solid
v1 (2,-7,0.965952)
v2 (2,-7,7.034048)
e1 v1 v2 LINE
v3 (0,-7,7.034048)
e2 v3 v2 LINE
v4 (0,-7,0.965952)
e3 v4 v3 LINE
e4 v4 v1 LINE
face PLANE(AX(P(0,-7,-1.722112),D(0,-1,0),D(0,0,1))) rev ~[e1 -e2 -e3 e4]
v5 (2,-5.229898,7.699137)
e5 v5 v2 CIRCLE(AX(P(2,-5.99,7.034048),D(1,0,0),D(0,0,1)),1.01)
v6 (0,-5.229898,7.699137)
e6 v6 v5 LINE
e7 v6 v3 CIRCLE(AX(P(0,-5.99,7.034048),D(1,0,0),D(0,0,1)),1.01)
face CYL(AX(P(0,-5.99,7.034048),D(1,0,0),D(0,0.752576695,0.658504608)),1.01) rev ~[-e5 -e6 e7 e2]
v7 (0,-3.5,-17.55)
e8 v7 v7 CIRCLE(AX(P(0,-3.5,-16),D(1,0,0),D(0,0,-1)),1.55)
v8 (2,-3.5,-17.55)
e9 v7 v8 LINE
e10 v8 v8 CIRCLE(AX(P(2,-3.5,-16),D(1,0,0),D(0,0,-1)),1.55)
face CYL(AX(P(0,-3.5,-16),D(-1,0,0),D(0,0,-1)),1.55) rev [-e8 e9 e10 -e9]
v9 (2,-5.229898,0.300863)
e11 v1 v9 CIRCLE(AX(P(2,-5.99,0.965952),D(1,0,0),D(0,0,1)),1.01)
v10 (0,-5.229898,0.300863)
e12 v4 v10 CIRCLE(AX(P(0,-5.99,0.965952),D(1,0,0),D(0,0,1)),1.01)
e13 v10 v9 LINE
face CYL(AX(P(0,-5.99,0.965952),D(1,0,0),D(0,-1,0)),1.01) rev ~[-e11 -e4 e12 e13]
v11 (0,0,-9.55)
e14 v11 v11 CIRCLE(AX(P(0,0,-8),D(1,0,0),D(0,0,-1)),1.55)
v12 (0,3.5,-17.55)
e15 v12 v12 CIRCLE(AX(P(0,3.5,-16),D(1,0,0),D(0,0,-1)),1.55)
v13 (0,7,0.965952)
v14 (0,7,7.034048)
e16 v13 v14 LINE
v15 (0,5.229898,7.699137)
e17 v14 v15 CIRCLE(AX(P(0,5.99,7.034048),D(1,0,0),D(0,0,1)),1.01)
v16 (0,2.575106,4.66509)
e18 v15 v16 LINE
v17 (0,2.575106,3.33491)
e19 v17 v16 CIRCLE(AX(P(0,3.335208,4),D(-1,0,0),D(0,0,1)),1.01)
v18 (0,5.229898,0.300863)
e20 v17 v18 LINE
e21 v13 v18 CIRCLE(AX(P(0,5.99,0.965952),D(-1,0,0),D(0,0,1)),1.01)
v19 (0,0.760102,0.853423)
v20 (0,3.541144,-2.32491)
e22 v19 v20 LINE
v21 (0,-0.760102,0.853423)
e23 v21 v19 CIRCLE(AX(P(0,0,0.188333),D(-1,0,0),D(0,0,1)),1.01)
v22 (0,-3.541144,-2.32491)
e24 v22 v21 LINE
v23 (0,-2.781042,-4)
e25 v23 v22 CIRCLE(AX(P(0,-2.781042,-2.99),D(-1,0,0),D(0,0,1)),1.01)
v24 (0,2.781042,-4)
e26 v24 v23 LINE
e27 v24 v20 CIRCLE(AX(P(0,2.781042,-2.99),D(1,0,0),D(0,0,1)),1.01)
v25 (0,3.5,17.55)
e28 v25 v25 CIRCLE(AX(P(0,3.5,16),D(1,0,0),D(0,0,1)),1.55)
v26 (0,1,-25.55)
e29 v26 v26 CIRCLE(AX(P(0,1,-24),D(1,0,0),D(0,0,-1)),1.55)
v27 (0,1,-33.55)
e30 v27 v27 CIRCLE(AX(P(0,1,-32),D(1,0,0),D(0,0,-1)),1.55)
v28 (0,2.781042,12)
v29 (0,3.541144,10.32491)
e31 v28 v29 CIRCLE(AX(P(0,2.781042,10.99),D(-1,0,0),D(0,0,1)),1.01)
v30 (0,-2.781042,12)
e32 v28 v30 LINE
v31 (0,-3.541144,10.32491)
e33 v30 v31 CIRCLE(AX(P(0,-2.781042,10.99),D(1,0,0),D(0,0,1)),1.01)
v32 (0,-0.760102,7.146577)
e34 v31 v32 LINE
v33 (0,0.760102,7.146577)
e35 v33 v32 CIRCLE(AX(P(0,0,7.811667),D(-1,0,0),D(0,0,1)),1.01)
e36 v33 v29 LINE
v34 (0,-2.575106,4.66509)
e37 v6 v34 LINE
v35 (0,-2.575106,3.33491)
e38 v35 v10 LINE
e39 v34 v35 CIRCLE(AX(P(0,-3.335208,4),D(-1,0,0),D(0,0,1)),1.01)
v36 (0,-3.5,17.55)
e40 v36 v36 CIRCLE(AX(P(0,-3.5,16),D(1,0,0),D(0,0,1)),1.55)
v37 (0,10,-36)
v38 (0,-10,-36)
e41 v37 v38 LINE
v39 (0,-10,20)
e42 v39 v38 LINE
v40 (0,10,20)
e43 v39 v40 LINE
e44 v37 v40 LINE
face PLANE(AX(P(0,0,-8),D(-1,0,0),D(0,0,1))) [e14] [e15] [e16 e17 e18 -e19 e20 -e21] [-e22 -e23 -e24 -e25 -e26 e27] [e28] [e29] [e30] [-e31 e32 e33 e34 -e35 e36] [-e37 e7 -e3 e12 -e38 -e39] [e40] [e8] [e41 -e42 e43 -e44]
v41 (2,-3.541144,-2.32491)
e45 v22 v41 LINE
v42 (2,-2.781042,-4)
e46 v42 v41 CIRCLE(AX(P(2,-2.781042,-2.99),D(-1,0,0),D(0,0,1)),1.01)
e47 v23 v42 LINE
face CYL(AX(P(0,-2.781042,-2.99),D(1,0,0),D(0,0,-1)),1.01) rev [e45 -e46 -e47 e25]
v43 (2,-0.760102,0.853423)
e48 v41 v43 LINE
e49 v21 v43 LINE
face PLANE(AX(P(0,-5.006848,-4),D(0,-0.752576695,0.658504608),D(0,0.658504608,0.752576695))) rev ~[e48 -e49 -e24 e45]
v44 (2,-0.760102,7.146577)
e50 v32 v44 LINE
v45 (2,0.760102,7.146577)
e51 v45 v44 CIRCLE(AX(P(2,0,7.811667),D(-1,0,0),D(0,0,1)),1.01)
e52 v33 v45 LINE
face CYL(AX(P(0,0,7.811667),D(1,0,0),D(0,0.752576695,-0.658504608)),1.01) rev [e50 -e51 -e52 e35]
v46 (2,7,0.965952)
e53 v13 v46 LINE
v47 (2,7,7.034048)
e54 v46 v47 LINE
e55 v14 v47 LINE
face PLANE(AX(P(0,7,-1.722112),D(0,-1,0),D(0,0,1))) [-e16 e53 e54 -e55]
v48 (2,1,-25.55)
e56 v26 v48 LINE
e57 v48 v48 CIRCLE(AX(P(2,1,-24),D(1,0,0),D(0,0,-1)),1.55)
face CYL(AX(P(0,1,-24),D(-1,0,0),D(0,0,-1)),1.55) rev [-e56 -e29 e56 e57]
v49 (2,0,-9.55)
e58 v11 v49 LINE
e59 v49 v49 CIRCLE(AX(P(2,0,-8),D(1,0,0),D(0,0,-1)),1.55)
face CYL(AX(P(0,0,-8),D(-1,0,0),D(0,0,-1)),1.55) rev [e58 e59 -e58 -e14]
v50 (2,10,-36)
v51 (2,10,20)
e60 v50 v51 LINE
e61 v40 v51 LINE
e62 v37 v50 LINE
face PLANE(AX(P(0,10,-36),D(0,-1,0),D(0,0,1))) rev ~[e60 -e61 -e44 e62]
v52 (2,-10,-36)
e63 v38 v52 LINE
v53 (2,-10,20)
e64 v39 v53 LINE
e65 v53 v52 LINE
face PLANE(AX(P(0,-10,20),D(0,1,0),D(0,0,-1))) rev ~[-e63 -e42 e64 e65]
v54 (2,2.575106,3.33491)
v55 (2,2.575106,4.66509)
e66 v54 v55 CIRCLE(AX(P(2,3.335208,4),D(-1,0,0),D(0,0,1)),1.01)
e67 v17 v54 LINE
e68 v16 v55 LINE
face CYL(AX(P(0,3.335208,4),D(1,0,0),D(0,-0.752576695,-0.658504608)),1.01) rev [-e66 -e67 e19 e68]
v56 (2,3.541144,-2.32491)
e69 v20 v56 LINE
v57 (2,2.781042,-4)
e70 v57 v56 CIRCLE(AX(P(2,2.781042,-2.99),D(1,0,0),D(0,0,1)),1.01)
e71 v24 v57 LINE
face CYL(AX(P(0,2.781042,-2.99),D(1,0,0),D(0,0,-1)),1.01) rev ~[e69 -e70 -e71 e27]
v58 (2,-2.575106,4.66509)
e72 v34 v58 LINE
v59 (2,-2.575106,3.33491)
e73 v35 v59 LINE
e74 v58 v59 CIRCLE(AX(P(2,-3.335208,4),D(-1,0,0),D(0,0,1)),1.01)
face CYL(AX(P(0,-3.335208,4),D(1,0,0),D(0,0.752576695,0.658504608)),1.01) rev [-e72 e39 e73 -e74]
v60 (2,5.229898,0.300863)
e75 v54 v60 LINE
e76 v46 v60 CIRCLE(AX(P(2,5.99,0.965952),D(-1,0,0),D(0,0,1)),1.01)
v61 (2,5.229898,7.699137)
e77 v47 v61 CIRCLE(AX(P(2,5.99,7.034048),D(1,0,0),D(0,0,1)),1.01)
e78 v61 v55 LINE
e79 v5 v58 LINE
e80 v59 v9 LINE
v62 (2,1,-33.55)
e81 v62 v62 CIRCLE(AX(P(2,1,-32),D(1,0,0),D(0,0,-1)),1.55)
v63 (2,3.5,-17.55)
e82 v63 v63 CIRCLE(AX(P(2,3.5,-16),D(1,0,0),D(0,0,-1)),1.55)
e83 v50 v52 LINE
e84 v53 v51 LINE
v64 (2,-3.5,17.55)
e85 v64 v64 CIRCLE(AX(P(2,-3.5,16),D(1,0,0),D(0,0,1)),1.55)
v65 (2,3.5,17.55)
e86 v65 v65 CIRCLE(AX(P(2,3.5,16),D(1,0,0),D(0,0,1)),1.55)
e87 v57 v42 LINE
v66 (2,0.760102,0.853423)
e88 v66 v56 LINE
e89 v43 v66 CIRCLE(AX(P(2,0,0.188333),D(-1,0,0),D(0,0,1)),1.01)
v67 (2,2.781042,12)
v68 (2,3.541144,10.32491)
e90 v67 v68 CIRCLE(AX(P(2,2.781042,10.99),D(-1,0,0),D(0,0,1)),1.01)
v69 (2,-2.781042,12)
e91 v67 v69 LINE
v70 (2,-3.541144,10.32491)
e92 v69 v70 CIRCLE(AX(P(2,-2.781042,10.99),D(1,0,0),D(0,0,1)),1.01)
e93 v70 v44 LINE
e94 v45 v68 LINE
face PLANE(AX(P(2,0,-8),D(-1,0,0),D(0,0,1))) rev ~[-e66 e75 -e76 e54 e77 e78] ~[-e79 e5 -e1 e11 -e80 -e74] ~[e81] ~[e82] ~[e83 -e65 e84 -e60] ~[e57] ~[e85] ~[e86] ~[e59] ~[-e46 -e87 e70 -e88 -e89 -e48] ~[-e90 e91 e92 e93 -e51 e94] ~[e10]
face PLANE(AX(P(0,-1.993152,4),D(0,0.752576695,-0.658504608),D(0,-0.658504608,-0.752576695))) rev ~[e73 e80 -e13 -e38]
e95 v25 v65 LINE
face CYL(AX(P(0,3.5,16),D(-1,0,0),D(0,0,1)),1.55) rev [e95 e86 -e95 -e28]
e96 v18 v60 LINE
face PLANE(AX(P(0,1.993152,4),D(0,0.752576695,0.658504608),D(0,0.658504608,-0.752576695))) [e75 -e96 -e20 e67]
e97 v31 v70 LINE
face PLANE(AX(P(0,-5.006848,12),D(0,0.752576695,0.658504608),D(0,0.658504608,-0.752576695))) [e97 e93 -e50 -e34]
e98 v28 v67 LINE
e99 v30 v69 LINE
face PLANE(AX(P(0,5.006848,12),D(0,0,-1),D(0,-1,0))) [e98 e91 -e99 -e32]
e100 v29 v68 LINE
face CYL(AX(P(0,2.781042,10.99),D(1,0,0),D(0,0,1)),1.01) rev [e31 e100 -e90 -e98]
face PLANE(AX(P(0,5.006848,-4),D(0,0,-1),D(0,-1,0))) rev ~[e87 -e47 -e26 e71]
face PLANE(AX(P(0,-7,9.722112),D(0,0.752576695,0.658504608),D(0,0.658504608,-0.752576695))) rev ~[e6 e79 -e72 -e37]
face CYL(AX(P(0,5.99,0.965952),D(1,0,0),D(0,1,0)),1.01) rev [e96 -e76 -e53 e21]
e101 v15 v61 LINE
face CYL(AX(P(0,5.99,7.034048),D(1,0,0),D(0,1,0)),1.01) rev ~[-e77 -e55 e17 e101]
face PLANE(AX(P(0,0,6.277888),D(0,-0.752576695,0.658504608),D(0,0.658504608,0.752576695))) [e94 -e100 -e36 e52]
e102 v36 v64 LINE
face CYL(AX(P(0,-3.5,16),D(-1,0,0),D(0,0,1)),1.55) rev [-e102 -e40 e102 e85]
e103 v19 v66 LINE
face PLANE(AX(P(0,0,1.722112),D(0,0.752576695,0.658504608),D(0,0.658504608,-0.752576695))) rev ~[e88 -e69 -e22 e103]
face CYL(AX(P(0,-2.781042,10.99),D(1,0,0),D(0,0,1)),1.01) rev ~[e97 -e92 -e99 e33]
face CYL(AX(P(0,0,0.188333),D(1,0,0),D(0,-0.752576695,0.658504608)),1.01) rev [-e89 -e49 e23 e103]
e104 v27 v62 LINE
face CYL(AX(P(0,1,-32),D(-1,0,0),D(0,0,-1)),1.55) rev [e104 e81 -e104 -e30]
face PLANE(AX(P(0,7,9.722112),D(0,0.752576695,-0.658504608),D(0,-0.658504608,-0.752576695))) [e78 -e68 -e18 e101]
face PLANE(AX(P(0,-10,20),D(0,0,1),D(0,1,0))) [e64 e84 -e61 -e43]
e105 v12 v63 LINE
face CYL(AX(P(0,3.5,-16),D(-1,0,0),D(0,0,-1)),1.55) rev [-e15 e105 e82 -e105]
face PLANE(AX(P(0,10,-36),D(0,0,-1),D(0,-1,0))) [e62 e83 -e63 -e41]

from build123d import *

# Parameters (mm, degrees)
SKETCH_1_R      = 1.55
EXTRUDE_1_DEPTH = 2
FILLET_1_R      = 1.01


with BuildPart() as part:
    # 草图1 → 凸台-拉伸1 (new body)
    with BuildSketch(Plane(origin=(0, 0, 0), x_dir=(0, 0, -1), z_dir=(1, 0, 0))):
        Polygon((20, -10), (-20, -10), (-20, 10), (20, 10), (36, 10), (36, -10), align=None)
        with Locations((8, 0)):
            Circle(SKETCH_1_R, mode=Mode.SUBTRACT)
        with Locations((16, 3.5)):
            Circle(SKETCH_1_R, mode=Mode.SUBTRACT)
        with Locations((16, -3.5)):
            Circle(SKETCH_1_R, mode=Mode.SUBTRACT)
        with Locations(Location((-16, -3.5, 0), (0, 0, 180))):
            Circle(SKETCH_1_R, mode=Mode.SUBTRACT)
        with Locations(Location((-16, 3.5, 0), (0, 0, 180))):
            Circle(SKETCH_1_R, mode=Mode.SUBTRACT)
        with Locations((24, 1)):
            Circle(SKETCH_1_R, mode=Mode.SUBTRACT)
        with Locations((32, 1)):
            Circle(SKETCH_1_R, mode=Mode.SUBTRACT)
        Polygon((-12, -5.00684766), (-6.277888388, 0), (-12, 5.00684766), align=None, mode=Mode.SUBTRACT)
        Polygon((-9.722111612, -7), (-4, -1.99315234), (1.722111612, -7), align=None, mode=Mode.SUBTRACT)
        Polygon((-9.722111612, 7), (-4, 1.99315234), (1.722111612, 7), align=None, mode=Mode.SUBTRACT)
        Polygon((4, 5.00684766), (4, -5.00684766), (-1.722111612, 0), align=None, mode=Mode.SUBTRACT)
    extrude(amount=EXTRUDE_1_DEPTH)

    # 圆角1
    fillet_1_edges = [part.edges().sort_by_distance(p)[0] for p in [
        (1, 7, -1.722111612),
        (1, 7, 9.722111612),
        (1, 1.99315234, 4),
        (1, 5.00684766, 12),
        (1, -5.00684766, 12),
        (1, 0, 6.277888388),
        (1, -7, 9.722111612),
        (1, -7, -1.722111612),
        (1, -1.99315234, 4),
        (1, 5.00684766, -4),
        (1, 0, 1.722111612),
        (1, -5.00684766, -4),
    ]]
    fillet(fillet_1_edges, radius=FILLET_1_R)


solid = part.part
